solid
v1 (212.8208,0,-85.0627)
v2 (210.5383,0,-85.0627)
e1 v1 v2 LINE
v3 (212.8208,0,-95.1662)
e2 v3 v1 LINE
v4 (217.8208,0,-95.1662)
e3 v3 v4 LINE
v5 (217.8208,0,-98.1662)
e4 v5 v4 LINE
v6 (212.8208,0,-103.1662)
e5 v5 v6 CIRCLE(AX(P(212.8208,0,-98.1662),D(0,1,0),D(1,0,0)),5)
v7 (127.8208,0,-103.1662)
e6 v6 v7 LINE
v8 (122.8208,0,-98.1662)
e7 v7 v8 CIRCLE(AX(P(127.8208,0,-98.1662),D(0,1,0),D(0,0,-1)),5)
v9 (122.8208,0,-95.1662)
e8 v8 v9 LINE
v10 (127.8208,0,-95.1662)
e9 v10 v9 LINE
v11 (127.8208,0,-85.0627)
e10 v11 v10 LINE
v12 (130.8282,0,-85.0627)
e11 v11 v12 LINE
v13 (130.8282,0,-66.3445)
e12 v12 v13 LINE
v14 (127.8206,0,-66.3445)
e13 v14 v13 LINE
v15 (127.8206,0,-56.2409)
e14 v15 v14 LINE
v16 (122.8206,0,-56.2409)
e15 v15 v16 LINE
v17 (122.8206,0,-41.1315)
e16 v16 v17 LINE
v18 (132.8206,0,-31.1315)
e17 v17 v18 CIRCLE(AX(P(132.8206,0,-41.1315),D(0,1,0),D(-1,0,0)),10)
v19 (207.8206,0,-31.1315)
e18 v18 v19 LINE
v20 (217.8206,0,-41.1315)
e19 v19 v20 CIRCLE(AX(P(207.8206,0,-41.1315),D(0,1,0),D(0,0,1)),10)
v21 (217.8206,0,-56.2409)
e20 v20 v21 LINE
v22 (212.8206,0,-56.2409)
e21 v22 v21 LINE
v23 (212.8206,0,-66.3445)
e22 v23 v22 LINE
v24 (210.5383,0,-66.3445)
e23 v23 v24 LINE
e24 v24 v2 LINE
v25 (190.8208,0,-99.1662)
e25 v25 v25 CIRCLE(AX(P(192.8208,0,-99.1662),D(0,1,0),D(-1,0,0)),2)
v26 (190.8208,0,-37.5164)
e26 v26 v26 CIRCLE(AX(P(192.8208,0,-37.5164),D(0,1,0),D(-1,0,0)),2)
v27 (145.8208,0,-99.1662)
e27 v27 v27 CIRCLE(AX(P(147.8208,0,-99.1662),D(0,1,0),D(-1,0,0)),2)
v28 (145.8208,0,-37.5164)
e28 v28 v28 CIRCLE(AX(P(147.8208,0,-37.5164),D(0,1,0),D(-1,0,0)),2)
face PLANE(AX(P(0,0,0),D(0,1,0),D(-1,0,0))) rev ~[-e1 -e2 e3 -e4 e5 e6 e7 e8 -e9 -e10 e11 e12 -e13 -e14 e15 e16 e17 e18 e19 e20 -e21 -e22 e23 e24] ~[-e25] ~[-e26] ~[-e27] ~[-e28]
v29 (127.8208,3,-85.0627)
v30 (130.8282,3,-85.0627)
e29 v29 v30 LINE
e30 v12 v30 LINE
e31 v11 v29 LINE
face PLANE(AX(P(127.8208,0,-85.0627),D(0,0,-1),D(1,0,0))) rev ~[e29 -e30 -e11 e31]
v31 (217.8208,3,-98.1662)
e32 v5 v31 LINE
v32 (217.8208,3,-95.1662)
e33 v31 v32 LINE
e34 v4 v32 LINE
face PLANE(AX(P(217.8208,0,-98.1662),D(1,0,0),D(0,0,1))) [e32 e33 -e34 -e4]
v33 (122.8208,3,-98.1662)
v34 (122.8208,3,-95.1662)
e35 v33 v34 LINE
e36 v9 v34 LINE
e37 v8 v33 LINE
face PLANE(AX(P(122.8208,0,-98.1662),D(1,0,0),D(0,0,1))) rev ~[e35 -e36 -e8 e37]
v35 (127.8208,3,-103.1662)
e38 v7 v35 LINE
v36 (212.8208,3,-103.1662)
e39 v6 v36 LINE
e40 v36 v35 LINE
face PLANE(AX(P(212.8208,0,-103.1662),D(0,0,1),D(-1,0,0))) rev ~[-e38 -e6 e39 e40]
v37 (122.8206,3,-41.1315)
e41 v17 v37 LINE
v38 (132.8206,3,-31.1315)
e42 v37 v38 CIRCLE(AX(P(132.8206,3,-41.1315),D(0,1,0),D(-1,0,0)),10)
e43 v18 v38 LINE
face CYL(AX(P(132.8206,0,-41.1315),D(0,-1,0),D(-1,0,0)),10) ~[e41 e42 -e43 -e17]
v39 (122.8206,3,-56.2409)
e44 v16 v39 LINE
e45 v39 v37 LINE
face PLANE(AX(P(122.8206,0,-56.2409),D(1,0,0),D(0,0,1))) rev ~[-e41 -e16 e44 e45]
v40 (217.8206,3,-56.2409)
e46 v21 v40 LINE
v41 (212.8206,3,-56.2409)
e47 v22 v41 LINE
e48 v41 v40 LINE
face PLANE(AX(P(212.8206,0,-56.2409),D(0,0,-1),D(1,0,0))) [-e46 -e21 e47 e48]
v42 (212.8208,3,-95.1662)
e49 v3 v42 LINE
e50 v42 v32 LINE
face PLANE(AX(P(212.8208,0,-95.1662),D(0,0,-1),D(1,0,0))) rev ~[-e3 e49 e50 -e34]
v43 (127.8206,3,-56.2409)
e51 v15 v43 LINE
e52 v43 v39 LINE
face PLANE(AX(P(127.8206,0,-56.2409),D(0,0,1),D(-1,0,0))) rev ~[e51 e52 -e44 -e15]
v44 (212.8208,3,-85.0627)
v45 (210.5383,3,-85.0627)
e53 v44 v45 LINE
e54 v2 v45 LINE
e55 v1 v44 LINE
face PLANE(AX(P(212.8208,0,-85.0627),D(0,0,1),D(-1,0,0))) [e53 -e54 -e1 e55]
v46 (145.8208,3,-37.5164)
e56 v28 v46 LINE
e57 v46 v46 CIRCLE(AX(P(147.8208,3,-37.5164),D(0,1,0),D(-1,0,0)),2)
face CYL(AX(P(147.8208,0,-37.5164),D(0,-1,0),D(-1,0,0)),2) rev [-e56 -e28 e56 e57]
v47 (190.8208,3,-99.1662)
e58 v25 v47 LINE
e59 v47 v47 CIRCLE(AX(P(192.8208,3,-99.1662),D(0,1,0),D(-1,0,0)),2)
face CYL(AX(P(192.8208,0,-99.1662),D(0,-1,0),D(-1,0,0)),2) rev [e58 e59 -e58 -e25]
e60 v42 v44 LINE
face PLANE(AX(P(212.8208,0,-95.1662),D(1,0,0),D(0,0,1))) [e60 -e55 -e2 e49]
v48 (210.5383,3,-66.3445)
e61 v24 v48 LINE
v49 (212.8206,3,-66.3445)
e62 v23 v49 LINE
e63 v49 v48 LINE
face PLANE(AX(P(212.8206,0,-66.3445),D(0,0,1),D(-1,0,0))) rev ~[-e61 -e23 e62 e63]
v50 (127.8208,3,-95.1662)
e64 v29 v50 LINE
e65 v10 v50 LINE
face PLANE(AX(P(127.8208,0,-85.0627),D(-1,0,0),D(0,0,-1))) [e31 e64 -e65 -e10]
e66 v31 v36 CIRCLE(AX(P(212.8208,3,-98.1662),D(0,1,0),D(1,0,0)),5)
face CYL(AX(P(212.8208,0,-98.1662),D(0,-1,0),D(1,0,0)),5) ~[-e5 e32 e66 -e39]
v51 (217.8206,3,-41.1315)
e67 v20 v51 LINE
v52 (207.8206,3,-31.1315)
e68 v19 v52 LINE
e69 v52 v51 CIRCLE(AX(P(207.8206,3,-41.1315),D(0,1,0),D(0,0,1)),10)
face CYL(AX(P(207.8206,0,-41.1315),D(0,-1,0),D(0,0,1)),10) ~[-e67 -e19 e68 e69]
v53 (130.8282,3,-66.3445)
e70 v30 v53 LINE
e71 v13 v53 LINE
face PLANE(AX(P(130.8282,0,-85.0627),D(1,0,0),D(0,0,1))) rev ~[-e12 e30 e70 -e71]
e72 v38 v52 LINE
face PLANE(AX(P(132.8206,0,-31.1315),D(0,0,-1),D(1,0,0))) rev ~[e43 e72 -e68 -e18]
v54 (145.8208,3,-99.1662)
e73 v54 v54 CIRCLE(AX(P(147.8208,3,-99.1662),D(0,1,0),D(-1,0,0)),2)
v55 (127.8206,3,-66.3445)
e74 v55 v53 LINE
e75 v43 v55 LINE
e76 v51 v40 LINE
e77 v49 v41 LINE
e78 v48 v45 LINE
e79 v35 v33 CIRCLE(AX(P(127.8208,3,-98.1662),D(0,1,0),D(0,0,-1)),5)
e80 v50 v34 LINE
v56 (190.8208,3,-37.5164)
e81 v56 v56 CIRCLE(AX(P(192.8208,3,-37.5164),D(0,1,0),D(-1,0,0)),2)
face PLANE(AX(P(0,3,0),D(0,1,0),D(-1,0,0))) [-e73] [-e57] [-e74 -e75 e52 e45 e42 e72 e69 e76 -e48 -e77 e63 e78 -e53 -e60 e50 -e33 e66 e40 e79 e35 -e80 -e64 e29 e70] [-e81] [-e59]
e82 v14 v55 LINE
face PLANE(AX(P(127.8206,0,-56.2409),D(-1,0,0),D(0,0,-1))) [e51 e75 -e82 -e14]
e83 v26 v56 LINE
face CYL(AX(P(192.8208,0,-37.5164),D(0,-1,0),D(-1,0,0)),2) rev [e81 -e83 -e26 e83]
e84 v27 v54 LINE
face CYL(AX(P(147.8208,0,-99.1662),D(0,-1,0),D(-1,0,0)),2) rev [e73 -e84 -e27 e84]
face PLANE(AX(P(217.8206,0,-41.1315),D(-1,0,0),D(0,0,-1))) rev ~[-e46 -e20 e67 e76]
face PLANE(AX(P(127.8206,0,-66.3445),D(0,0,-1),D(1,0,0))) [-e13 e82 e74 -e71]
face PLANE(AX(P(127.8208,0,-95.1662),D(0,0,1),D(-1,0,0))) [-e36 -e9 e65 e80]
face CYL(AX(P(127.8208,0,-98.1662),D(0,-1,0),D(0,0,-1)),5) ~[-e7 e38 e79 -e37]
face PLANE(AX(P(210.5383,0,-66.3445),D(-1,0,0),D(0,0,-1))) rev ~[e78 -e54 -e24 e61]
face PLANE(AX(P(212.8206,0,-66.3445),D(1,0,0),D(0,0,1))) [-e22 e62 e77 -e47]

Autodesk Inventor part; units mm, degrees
ref_plane "YZ Plane" through (0, 0, 0) normal (1, 0, 0) x (0, 1, 0)
ref_plane "XZ Plane" through (0, 0, 0) normal (0, 1, 0) x (-1, 0, 0)
ref_plane "XY Plane" through (0, 0, 0) normal (0, 0, 1) x (1, 0, 0)
sketch "Sketch1" plane through (0, 0, 0) normal (0, 1, 0) x (-1, 0, 0)
  line L0 (-132.8206, -31.1315) -> (-207.8206, -31.1315)
  line L1 (-217.8206, -41.1315) -> (-217.8206, -56.2409)
  line L2 (-212.8206, -56.2409) -> (-217.8206, -56.2409) projected
  line L3 (-212.8206, -66.3445) -> (-212.8206, -56.2409) projected
  line L4 (-127.8206, -56.2409) -> (-127.8206, -66.3445) projected
  line L5 (-127.8206, -56.2409) -> (-122.8206, -56.2409) projected
  line L6 (-122.8206, -56.2409) -> (-122.8206, -41.1315)
  line L7 (-212.8206, -66.3445) -> (-210.5383, -66.3445)
  line L8 (-127.8206, -66.3445) -> (-130.8282, -66.3445)
  line L9 (-212.8208, -95.1662) -> (-212.8208, -85.0627) projected
  line L10 (-212.8208, -95.1662) -> (-217.8208, -95.1662) projected
  arc A0 (-217.8208, -98.1662) -> (-212.8208, -103.1662) centre (-212.8208, -98.1662) ccw projected
  arc A1 (-127.8208, -103.1662) -> (-122.8208, -98.1662) centre (-127.8208, -98.1662) ccw projected
  line L11 (-212.8208, -103.1662) -> (-127.8208, -103.1662)
  line L12 (-217.8208, -98.1662) -> (-217.8208, -95.1662)
  line L13 (-212.8208, -85.0627) -> (-210.5383, -85.0627)
  line L14 (-127.8208, -95.1662) -> (-122.8208, -95.1662) projected
  line L15 (-127.8208, -85.0627) -> (-127.8208, -95.1662) projected
  line L16 (-127.8208, -85.0627) -> (-130.8282, -85.0627)
  line L17 (-122.8208, -98.1662) -> (-122.8208, -95.1662)
  circle A2 centre (-192.8208, -37.5164) radius 2 projected
  circle A3 centre (-147.8208, -37.5164) radius 2 projected
  circle A4 centre (-192.8208, -99.1662) radius 2 projected
  circle A5 centre (-147.8208, -99.1662) radius 2 projected
  arc A6 (-207.8206, -31.1315) -> (-217.8206, -41.1315) centre (-207.8206, -41.1315) ccw
  arc A7 (-122.8206, -41.1315) -> (-132.8206, -31.1315) centre (-132.8206, -41.1315) ccw
  line L18 (-210.5383, -66.3445) -> (-210.5383, -85.0627)
  line L19 (-130.8282, -85.0627) -> (-130.8282, -66.3445)
  point P0 (-122.8206, -31.1315)
  point P1 (-217.8206, -31.1315)
  point P2 (-189.2746, -36.1601)
  point P3 (-188.4494, -96.8743)
  dimension "d2" = 10
extrude "Extrusion1" add sketch "Sketch1" along normal blind 3
properties part number "spacer" material "Iron, Gray"
